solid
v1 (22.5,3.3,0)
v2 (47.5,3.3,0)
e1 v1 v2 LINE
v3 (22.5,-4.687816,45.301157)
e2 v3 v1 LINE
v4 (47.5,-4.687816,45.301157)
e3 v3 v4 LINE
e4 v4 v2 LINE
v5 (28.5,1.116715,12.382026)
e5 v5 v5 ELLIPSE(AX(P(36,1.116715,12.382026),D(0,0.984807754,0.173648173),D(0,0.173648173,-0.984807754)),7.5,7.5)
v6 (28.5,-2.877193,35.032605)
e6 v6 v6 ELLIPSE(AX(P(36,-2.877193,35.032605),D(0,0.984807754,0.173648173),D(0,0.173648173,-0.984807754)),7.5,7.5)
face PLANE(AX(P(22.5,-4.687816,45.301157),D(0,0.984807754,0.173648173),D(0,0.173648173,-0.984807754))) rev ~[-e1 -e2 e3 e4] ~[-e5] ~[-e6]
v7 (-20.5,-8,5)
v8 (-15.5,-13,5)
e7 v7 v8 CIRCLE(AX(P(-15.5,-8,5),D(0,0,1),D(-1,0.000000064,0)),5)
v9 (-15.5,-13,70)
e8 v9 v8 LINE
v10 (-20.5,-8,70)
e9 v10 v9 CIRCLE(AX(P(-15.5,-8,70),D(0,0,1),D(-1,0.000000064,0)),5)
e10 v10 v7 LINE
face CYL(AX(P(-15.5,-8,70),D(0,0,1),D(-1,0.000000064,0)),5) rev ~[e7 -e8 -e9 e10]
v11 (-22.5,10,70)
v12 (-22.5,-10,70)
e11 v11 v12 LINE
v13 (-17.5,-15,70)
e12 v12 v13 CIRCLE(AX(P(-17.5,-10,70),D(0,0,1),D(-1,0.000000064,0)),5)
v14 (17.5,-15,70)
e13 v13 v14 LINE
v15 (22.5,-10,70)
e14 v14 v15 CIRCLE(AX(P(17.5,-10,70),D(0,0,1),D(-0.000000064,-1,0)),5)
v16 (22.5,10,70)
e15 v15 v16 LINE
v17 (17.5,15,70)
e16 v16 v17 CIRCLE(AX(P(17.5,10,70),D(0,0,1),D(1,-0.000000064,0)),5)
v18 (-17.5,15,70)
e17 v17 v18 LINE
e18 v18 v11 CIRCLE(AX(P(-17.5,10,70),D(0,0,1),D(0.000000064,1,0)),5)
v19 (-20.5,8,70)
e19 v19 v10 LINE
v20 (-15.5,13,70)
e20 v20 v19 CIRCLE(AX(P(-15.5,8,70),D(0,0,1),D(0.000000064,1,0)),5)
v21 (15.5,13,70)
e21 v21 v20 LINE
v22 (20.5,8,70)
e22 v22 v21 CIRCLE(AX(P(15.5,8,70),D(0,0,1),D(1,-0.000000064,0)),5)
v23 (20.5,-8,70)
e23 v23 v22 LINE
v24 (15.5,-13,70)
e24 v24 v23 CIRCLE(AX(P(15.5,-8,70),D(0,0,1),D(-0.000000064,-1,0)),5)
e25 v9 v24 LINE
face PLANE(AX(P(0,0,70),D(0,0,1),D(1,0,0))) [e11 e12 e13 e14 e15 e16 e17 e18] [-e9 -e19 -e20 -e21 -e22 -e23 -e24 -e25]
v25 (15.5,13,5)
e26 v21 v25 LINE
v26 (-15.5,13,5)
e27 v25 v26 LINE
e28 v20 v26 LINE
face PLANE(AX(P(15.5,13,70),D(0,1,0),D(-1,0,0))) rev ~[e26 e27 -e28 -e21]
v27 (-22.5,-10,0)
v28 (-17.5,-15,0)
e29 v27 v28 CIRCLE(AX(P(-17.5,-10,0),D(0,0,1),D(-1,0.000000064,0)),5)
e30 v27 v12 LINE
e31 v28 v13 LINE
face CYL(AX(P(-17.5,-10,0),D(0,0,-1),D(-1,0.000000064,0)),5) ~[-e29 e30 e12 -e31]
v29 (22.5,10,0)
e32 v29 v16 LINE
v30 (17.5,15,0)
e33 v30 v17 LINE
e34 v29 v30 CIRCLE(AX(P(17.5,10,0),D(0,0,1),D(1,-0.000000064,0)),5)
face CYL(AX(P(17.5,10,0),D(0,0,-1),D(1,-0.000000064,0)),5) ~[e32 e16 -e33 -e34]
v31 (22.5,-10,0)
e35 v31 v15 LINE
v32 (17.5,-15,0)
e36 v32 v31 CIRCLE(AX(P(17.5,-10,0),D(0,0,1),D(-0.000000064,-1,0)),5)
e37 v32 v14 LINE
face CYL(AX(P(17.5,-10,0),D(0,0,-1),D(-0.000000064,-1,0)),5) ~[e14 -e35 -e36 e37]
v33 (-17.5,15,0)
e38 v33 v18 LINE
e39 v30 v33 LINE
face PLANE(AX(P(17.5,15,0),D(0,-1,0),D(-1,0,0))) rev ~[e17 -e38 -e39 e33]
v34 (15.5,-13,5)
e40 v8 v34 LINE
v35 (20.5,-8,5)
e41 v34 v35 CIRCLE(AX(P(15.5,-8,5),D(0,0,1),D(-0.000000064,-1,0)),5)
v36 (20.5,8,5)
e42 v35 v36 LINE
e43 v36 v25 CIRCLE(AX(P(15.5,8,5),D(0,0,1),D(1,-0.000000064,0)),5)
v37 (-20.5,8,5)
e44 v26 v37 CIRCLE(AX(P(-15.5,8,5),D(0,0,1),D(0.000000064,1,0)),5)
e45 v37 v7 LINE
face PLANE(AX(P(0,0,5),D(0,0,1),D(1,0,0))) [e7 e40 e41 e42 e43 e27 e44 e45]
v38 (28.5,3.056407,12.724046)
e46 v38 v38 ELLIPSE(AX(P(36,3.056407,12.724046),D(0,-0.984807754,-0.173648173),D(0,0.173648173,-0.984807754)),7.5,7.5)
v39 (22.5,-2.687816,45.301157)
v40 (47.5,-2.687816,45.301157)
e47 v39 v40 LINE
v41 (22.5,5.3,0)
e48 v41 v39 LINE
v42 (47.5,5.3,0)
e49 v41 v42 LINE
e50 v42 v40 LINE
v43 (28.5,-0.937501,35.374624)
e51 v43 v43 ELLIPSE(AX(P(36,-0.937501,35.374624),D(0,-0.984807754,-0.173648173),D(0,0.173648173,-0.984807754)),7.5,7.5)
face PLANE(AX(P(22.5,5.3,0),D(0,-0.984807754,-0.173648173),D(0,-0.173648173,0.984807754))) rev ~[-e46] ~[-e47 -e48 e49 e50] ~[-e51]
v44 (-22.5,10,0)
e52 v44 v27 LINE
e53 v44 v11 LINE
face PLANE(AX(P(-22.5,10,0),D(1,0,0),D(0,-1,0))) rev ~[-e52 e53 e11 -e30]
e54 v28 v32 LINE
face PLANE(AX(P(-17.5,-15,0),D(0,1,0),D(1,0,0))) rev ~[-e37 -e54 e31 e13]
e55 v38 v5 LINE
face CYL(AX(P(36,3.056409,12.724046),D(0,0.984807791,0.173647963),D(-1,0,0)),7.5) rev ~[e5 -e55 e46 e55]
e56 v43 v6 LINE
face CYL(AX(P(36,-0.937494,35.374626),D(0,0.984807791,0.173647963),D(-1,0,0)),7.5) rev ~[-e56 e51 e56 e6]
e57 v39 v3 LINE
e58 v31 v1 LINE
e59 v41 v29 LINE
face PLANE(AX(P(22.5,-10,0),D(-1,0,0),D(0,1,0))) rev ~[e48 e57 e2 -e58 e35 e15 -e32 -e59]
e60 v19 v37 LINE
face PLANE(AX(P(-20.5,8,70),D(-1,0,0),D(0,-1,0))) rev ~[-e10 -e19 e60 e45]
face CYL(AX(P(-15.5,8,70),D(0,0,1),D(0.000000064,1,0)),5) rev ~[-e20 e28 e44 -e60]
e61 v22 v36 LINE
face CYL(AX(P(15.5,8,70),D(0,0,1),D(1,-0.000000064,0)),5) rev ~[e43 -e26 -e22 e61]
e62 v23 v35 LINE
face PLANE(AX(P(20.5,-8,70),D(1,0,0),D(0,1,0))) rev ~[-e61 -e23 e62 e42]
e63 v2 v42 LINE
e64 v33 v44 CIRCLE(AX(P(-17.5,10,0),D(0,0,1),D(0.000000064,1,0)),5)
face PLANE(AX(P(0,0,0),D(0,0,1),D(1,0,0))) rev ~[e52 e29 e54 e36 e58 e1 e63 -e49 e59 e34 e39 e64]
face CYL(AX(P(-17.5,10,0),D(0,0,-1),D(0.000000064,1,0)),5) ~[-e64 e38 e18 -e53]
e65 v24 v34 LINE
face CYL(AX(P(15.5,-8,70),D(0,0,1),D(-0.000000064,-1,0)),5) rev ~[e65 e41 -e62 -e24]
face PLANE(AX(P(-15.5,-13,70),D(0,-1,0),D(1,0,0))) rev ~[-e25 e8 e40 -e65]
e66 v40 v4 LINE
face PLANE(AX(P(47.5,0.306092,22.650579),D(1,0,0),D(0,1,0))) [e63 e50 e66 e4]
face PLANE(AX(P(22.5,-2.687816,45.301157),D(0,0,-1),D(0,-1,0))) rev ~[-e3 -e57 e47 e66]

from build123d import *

# Parameters (mm, degrees)
PAD_DEPTH       = 70
POCKET_DEPTH    = 65
PAD001_DEPTH    = 25
SKETCH003_R     = 7.5
POCKET001_DEPTH = 5


with BuildPart() as part:
    # Sketch → Pad (new body)
    with BuildSketch(Plane.XY):
        with BuildLine():
            Line((-22.5, 10), (-22.5, -10))
            ThreePointArc((-22.5, -10), (-21.035534, -13.535534), (-17.5, -15))
            Line((-17.5, -15), (17.5, -15))
            ThreePointArc((17.5, -15), (21.035534, -13.535534), (22.5, -10))
            Line((22.5, -10), (22.5, 10))
            ThreePointArc((22.5, 10), (21.035534, 13.535534), (17.5, 15))
            Line((17.5, 15), (-17.5, 15))
            ThreePointArc((-17.5, 15), (-21.035534, 13.535534), (-22.5, 10))
        make_face()
    extrude(amount=PAD_DEPTH)

    # Sketch001 (on Face10 of Pad) → Pocket (cut)
    with BuildSketch(Plane.XY.offset(70)):
        with BuildLine():
            Line((-20.5, 8), (-20.5, -8))
            ThreePointArc((-20.5, -8), (-19.035534, -11.535534), (-15.5, -13))
            Line((-15.5, -13), (15.5, -13))
            ThreePointArc((15.5, -13), (19.035534, -11.535534), (20.5, -8))
            Line((20.5, -8), (20.5, 8))
            ThreePointArc((20.5, 8), (19.035534, 11.535534), (15.5, 13))
            Line((15.5, 13), (-15.5, 13))
            ThreePointArc((-15.5, 13), (-19.035534, 11.535534), (-20.5, 8))
        make_face()
    extrude(amount=-POCKET_DEPTH, mode=Mode.SUBTRACT)

    # Sketch002 (on Face9 of Pocket) → Pad001 (join)
    with BuildSketch(Plane.YZ.offset(22.5)):
        Polygon((5.3, 0), (-2.687816, 45.301157), (-4.687816, 45.301157), (3.3, 0), align=None)
    extrude(amount=PAD001_DEPTH)

    # Sketch003 (on Face20 of Pad001) → Pocket001 (cut)
    with BuildSketch(Plane(origin=(0, 5.140185, 0.906353), x_dir=(-1, 0, 0), z_dir=(0, 0.984808, 0.173648))):
        with Locations((-36, 35)):
            Circle(SKETCH003_R)
        with Locations((-36, 12)):
            Circle(SKETCH003_R)
    extrude(amount=-POCKET001_DEPTH, mode=Mode.SUBTRACT)


solid = part.part
